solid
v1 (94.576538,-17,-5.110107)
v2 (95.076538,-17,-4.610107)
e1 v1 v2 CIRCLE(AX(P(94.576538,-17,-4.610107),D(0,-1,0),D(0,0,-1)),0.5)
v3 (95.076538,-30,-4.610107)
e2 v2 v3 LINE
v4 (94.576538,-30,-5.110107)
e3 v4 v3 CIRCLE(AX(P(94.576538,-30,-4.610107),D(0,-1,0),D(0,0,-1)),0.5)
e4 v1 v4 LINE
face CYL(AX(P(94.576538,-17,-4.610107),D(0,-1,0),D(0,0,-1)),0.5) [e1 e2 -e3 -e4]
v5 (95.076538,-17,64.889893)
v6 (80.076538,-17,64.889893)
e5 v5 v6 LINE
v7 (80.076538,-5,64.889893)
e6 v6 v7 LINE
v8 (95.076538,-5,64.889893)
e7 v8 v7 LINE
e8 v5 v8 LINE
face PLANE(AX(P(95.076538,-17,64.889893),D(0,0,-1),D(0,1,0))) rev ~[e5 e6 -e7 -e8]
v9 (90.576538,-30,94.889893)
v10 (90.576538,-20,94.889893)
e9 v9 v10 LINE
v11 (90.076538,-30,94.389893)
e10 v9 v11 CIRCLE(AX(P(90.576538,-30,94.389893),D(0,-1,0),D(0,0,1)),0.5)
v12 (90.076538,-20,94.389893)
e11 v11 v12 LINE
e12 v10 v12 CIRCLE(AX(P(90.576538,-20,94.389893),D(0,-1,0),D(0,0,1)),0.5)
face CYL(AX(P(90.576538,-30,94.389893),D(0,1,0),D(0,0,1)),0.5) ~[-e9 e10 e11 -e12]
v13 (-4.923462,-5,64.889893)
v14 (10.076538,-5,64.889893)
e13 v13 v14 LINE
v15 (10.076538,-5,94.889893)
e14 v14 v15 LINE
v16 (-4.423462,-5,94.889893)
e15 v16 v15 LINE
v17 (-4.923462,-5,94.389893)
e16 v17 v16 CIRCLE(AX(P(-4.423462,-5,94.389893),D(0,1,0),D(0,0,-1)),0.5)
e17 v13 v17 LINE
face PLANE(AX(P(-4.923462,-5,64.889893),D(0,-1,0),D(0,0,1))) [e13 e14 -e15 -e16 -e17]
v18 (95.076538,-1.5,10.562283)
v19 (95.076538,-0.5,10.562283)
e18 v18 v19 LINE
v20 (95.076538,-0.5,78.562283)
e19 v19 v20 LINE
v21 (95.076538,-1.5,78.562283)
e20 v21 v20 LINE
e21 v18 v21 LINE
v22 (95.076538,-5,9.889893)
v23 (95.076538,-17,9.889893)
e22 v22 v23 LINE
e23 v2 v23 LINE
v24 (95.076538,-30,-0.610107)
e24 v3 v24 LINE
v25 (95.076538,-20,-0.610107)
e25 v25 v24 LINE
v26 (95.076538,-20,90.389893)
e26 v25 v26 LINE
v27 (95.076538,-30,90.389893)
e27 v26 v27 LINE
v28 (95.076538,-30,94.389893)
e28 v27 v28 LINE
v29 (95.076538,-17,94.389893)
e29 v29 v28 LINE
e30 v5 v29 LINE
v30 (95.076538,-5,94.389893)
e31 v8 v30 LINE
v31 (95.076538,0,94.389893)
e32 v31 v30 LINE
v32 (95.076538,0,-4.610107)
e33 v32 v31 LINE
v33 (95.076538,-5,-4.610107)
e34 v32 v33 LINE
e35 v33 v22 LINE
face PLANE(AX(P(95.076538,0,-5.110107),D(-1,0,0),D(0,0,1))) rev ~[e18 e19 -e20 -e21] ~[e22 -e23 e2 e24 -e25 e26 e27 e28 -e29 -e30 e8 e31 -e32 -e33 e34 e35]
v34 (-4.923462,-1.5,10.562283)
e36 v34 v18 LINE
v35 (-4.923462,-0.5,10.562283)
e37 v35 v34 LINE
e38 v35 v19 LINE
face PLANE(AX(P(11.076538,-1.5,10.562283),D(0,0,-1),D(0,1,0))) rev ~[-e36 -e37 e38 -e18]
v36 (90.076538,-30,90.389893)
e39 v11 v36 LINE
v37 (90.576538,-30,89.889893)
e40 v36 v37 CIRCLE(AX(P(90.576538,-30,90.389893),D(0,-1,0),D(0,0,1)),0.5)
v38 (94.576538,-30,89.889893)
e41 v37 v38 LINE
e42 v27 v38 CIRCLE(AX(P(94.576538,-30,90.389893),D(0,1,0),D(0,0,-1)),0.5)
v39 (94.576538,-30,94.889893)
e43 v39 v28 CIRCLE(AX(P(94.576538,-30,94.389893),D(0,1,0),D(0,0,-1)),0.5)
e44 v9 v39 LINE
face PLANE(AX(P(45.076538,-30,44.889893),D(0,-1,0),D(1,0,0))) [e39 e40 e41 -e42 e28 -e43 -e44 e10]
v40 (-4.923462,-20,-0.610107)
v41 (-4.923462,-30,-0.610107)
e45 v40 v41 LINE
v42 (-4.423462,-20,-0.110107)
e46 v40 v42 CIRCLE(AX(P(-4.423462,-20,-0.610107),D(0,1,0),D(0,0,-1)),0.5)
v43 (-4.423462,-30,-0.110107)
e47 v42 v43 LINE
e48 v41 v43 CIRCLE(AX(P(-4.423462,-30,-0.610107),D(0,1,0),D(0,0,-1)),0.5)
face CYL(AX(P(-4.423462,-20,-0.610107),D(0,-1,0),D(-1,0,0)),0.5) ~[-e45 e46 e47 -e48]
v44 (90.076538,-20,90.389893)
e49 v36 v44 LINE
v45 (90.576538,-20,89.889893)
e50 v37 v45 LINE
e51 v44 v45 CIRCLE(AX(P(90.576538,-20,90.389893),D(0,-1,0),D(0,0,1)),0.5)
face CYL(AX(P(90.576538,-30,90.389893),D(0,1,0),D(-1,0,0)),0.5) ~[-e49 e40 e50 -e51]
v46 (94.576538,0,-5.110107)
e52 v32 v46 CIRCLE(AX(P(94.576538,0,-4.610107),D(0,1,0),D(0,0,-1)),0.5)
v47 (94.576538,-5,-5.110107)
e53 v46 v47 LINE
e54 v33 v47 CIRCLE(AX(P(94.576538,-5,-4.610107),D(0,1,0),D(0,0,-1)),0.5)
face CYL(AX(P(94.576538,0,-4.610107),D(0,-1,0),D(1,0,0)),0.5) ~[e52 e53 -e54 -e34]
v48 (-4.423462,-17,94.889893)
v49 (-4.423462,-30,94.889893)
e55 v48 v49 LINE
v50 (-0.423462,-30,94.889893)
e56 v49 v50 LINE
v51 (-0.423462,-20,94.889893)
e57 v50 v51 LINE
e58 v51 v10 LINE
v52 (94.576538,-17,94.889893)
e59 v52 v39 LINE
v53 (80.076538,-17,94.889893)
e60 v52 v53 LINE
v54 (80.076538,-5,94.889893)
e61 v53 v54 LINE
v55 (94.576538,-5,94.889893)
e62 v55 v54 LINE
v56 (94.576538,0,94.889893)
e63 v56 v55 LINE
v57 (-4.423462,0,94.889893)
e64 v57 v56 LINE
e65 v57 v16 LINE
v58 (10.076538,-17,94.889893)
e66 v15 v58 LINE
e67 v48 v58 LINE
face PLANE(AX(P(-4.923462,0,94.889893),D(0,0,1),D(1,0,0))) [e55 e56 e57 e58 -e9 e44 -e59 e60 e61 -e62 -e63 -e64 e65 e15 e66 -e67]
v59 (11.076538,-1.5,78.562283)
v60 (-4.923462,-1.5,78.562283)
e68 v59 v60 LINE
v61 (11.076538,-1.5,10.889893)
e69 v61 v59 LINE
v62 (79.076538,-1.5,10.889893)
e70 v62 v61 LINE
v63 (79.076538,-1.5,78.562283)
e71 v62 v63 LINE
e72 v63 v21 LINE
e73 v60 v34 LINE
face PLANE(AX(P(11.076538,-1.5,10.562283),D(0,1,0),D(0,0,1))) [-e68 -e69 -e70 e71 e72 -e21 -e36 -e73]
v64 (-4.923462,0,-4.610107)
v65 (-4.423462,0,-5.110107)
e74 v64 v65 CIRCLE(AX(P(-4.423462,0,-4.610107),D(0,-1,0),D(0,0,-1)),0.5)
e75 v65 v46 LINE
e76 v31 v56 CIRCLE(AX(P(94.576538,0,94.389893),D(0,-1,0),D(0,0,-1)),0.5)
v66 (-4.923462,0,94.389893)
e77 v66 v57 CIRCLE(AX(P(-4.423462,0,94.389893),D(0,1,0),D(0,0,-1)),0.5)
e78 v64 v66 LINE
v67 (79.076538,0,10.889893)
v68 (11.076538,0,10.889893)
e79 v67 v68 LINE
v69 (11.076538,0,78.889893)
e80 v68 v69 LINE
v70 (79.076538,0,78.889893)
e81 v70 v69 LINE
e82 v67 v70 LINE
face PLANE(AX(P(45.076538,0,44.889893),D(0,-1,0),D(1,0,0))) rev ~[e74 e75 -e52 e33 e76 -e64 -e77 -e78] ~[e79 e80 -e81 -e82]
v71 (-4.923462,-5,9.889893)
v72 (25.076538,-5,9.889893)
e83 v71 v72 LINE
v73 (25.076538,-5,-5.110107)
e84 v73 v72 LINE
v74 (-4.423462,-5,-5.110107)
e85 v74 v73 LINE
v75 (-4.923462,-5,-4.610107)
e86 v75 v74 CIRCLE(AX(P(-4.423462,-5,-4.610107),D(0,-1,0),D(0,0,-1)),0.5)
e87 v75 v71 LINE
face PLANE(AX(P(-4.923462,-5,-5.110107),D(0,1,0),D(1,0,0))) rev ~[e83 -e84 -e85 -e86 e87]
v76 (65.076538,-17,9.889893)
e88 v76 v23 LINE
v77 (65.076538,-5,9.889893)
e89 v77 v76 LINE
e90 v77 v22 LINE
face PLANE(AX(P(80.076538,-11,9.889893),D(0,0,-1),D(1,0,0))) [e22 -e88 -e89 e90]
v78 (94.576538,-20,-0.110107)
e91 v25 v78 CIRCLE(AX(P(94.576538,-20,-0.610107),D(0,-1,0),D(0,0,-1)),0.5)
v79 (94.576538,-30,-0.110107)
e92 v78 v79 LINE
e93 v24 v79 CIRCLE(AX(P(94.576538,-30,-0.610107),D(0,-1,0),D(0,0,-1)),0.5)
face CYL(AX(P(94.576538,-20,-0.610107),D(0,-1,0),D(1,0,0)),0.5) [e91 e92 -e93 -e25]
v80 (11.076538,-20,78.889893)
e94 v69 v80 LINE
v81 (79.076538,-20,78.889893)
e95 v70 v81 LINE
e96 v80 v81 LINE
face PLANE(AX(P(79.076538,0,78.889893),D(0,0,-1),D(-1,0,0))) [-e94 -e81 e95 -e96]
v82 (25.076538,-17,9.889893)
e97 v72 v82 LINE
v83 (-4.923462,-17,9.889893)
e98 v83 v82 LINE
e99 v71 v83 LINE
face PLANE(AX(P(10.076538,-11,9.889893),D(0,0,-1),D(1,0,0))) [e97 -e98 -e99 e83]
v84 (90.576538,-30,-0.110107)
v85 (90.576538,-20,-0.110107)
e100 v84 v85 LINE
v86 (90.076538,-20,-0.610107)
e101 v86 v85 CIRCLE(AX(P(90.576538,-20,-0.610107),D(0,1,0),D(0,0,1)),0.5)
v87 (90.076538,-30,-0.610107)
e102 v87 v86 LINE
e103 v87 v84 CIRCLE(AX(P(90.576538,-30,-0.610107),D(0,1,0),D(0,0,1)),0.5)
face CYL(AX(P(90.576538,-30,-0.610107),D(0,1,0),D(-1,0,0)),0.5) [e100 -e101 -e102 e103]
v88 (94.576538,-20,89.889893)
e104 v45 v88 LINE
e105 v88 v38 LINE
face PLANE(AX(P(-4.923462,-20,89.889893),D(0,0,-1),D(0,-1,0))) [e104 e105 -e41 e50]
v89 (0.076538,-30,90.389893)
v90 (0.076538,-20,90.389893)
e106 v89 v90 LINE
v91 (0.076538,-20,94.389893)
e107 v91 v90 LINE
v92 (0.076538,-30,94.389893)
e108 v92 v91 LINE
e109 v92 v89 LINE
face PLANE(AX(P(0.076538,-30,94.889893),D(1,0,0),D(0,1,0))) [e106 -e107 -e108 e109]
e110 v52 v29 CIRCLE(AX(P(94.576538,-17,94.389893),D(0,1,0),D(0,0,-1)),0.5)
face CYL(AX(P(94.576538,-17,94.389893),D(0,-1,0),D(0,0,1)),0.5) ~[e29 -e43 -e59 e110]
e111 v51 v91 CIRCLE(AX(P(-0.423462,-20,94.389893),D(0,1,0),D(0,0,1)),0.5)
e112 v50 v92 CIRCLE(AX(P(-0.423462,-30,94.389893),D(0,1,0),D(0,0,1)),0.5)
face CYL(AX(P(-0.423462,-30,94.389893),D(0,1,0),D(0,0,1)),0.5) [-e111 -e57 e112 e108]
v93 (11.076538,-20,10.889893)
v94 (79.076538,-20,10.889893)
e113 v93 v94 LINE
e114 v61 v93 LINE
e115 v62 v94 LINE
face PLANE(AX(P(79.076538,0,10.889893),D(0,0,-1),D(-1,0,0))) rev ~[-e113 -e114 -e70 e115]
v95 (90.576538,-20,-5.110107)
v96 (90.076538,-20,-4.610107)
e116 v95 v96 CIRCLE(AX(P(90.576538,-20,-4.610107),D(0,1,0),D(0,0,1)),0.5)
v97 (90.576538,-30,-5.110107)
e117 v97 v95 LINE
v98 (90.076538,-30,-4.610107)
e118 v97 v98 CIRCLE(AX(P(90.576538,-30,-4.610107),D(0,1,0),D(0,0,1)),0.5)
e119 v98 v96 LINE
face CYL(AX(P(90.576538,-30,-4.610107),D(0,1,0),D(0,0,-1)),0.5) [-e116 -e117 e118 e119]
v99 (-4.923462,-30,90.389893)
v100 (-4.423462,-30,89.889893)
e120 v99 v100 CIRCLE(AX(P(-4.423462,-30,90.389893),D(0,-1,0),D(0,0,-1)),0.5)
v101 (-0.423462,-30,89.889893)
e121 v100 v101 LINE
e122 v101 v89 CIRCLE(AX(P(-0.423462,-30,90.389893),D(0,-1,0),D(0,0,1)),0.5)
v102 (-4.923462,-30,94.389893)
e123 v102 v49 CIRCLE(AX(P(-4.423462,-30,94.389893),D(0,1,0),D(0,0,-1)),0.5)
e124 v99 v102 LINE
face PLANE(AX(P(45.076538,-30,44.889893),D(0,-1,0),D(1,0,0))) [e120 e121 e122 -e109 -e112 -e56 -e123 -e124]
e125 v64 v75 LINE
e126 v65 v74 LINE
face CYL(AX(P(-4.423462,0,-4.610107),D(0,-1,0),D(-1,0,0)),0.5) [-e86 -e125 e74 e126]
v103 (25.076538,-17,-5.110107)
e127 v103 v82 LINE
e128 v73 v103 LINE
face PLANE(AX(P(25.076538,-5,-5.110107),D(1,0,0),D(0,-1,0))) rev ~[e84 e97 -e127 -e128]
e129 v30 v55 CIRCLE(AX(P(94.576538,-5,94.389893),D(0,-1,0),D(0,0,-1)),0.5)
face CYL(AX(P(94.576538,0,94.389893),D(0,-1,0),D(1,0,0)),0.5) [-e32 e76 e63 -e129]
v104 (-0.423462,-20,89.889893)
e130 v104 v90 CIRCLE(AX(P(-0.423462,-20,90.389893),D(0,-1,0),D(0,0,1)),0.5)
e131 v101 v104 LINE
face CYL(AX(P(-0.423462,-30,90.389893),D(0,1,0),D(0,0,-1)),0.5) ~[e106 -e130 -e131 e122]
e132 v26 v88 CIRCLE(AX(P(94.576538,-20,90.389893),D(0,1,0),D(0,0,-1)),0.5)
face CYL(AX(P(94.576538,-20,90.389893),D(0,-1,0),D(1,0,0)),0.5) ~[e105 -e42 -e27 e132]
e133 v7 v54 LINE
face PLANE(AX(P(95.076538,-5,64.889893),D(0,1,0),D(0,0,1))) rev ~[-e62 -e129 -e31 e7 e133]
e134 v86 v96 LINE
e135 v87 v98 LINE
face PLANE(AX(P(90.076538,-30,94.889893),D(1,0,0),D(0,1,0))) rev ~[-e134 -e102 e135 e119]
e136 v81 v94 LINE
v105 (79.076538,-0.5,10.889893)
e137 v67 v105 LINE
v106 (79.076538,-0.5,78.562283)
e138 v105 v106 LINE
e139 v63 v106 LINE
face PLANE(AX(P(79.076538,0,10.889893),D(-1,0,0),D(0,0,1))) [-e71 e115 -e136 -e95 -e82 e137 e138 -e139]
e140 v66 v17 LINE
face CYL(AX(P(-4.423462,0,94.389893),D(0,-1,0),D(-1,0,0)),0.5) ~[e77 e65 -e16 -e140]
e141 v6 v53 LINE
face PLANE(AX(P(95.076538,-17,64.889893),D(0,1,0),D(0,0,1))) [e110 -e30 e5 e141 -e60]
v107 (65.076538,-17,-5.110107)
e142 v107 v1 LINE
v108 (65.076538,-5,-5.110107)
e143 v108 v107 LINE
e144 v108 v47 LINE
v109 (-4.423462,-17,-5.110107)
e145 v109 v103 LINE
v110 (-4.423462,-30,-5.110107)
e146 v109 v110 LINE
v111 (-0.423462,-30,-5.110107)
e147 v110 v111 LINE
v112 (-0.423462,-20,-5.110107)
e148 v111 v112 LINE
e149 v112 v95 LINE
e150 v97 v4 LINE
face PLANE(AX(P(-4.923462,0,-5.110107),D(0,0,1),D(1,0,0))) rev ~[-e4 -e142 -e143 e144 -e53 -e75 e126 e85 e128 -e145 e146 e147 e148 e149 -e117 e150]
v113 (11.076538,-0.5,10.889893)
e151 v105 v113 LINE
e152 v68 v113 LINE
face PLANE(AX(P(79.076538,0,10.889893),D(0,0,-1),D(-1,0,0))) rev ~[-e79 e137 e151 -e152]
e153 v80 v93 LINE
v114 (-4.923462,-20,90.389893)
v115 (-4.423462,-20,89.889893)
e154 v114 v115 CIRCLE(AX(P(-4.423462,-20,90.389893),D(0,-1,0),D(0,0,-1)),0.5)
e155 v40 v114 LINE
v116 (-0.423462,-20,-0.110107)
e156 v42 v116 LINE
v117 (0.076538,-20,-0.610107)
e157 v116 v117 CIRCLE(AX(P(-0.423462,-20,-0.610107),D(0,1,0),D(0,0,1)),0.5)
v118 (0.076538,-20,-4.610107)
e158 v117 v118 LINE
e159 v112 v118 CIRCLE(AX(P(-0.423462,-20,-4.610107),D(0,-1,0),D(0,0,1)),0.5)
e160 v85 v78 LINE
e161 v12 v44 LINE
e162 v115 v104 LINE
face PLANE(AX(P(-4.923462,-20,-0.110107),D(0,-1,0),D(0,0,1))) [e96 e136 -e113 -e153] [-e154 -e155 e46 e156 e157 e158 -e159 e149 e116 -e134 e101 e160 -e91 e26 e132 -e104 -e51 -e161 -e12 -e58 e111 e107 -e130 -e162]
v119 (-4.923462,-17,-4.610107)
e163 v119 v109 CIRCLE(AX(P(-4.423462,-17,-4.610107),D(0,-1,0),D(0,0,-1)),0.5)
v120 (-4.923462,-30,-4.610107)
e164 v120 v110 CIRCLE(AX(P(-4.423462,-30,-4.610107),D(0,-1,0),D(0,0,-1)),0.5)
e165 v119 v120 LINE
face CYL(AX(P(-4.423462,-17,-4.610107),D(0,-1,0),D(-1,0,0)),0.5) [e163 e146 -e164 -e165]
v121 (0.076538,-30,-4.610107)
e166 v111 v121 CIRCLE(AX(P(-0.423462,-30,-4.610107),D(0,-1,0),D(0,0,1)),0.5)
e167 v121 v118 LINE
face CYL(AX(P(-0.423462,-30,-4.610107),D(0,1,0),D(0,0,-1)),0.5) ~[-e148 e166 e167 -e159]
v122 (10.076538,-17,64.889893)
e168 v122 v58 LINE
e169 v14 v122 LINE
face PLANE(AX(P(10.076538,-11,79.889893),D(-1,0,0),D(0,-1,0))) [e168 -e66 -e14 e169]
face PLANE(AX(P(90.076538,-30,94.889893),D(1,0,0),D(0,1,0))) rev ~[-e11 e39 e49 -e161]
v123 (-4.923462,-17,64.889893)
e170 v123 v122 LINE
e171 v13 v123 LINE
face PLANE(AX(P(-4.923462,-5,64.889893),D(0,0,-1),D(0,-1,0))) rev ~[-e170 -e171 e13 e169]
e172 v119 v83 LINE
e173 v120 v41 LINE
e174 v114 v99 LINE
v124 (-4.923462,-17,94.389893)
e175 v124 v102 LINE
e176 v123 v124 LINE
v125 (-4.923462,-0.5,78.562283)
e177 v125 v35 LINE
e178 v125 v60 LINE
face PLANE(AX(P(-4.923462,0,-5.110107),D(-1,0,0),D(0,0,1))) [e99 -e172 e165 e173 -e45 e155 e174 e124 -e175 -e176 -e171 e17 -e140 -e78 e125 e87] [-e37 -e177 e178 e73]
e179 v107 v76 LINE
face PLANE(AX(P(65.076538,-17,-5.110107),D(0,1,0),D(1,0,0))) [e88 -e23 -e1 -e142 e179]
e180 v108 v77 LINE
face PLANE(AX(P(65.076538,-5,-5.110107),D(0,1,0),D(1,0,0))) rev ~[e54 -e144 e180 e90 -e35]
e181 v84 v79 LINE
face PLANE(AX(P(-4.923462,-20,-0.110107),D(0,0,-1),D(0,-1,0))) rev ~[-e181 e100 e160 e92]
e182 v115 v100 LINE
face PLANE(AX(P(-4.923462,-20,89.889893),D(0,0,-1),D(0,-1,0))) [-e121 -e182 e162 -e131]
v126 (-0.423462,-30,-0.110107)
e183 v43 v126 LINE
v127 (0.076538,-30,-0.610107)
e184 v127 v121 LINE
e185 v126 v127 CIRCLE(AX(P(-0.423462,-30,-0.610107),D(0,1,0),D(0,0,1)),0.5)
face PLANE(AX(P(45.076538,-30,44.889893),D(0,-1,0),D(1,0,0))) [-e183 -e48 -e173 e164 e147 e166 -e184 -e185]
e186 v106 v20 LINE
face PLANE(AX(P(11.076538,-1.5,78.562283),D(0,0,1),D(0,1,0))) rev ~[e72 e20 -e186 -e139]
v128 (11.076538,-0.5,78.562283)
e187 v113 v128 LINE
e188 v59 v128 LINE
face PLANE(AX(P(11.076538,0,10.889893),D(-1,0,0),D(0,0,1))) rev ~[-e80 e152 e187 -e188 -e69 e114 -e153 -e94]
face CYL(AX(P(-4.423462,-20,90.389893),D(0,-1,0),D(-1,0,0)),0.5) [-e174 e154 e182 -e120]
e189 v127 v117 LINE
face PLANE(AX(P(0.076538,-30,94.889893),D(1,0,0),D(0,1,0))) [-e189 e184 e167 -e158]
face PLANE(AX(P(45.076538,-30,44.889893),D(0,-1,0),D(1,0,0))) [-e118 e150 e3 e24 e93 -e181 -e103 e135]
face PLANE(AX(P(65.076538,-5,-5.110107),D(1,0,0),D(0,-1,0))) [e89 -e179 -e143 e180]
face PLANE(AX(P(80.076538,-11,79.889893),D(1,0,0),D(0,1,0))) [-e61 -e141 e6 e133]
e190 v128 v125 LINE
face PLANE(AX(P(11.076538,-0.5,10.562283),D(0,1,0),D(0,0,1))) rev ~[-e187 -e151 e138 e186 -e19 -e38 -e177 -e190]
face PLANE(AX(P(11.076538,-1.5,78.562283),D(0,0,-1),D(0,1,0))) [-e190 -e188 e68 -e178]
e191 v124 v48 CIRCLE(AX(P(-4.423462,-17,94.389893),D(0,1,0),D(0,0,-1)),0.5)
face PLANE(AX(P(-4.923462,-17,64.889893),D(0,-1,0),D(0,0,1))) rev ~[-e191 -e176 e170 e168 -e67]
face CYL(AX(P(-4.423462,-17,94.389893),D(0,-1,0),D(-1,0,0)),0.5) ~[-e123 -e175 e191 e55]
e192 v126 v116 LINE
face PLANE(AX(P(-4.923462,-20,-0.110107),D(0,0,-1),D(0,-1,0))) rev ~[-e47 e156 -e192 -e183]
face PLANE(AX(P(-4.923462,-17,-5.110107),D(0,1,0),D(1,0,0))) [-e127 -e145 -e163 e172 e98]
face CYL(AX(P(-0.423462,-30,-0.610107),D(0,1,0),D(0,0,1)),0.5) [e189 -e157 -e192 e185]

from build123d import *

# Parameters (mm, degrees)
F0_W      = 1000
F0_H      = 1000
F1_DEPTH  = 300
F2_W      = 900
F2_H      = 100
F3_DEPTH  = 1000.001
F4_W      = 100
F4_H      = 900
F5_DEPTH  = 1000.001
F6_W      = 300
F6_H      = 120
F7_DEPTH  = 150
F8_W      = 300
F8_H      = 120
F9_DEPTH  = 150
F10_W     = 120
F10_H     = 300
F11_DEPTH = 150
F12_W     = 120
F12_H     = 300
F13_DEPTH = 150
F14_R     = 5
F15_R     = 5
F16_W     = 680
F16_H     = 680
F17_DEPTH = 300.001
F18_W     = 10
F18_H     = 680
F19_DEPTH = 160.001
F20_DEPTH = 840.001
F21_SCALE = 0.1


with BuildPart() as f1:
    # F0 (on Front) → F1 (new body)
    with BuildSketch(Plane.XZ):
        with Locations((450.7653813809, 448.8989327101)):
            Rectangle(F0_W, F0_H)
    extrude(amount=F1_DEPTH)

    # F2 (on face) → F3 (cut, through all)
    with BuildSketch(Plane.XY.offset(948.8989327101)):
        with Locations((450.7653813809, -250)):
            Rectangle(F2_W, F2_H)
    extrude(amount=-F3_DEPTH, mode=Mode.SUBTRACT)

    # F4 (on face) → F5 (cut, through all)
    with BuildSketch(Plane(origin=(-49.2346186191, 0, 0), x_dir=(0, -1, 0), z_dir=(-1, 0, 0))):
        with Locations((250, 448.8989327101)):
            Rectangle(F4_W, F4_H)
    extrude(amount=-F5_DEPTH, mode=Mode.SUBTRACT)

    # F6 (on face) → F7 (cut)
    with BuildSketch(Plane(origin=(0, 0, -51.1010672899), x_dir=(1, 0, 0), z_dir=(0, 0, -1))):
        with Locations((100.7653813809, 110)):
            Rectangle(F6_W, F6_H)
    extrude(amount=-F7_DEPTH, mode=Mode.SUBTRACT)

    # F8 (on face) → F9 (cut)
    with BuildSketch(Plane(origin=(0, 0, -51.1010672899), x_dir=(1, 0, 0), z_dir=(0, 0, -1))):
        with Locations((800.7653813809, 110)):
            Rectangle(F8_W, F8_H)
    extrude(amount=-F9_DEPTH, mode=Mode.SUBTRACT)

    # F10 (on face) → F11 (cut)
    with BuildSketch(Plane.YZ.offset(950.7653813809)):
        with Locations((-110, 798.8989327101)):
            Rectangle(F10_W, F10_H)
    extrude(amount=-F11_DEPTH, mode=Mode.SUBTRACT)

    # F12 (on face) → F13 (cut)
    with BuildSketch(Plane(origin=(-49.2346186191, 0, 0), x_dir=(0, -1, 0), z_dir=(-1, 0, 0))):
        with Locations((110, 798.8989327101)):
            Rectangle(F12_W, F12_H)
    extrude(amount=-F13_DEPTH, mode=Mode.SUBTRACT)

    # F14
    f14_edges = [f1.edges().sort_by_distance(p)[0] for p in [
        (950.765381, -235, -51.101067),
        (900.765381, -250, -51.101067),
        (950.765381, -250, -1.101067),
        (900.765381, -250, -1.101067),
        (-49.234619, -235, -51.101067),
        (0.765381, -250, -51.101067),
        (-49.234619, -250, -1.101067),
        (0.765381, -250, -1.101067),
        (-49.234619, -235, 948.898933),
        (0.765381, -250, 948.898933),
        (-49.234619, -250, 898.898933),
        (0.765381, -250, 898.898933),
        (950.765381, -235, 948.898933),
        (950.765381, -250, 898.898933),
        (900.765381, -250, 898.898933),
        (900.765381, -250, 948.898933),
    ]]
    fillet(f14_edges, radius=F14_R)

    # F15
    f15_edges = [f1.edges().sort_by_distance(p)[0] for p in [
        (950.765381, -25, 948.898933),
        (950.765381, -25, -51.101067),
        (-49.234619, -25, -51.101067),
        (-49.234619, -25, 948.898933),
    ]]
    fillet(f15_edges, radius=F15_R)

    # F16 (on face) → F17 (cut, through all)
    with BuildSketch(Plane(origin=(0, 0, 0), x_dir=(-1, 0, 0), z_dir=(0, 1, 0))):
        with Locations((-450.7653813809, 448.8989327101)):
            Rectangle(F16_W, F16_H)
    extrude(amount=-F17_DEPTH, mode=Mode.SUBTRACT)

    # F18 (on face) → F19 (cut, through all)
    with BuildSketch(Plane.YZ.offset(110.7653813809)):
        with Locations((-10, 445.622831583)):
            Rectangle(F18_W, F18_H)
    extrude(amount=-F19_DEPTH, mode=Mode.SUBTRACT)

    # F18 (on face) → F20 (cut, through all)
    with BuildSketch(Plane.YZ.offset(110.7653813809)):
        with Locations((-10, 445.622831583)):
            Rectangle(F18_W, F18_H)
    extrude(amount=F20_DEPTH, mode=Mode.SUBTRACT)


with BuildPart() as f1_1:
    # F21: moved
    add(f1.part.scale(F21_SCALE))


solid = f1_1.part
